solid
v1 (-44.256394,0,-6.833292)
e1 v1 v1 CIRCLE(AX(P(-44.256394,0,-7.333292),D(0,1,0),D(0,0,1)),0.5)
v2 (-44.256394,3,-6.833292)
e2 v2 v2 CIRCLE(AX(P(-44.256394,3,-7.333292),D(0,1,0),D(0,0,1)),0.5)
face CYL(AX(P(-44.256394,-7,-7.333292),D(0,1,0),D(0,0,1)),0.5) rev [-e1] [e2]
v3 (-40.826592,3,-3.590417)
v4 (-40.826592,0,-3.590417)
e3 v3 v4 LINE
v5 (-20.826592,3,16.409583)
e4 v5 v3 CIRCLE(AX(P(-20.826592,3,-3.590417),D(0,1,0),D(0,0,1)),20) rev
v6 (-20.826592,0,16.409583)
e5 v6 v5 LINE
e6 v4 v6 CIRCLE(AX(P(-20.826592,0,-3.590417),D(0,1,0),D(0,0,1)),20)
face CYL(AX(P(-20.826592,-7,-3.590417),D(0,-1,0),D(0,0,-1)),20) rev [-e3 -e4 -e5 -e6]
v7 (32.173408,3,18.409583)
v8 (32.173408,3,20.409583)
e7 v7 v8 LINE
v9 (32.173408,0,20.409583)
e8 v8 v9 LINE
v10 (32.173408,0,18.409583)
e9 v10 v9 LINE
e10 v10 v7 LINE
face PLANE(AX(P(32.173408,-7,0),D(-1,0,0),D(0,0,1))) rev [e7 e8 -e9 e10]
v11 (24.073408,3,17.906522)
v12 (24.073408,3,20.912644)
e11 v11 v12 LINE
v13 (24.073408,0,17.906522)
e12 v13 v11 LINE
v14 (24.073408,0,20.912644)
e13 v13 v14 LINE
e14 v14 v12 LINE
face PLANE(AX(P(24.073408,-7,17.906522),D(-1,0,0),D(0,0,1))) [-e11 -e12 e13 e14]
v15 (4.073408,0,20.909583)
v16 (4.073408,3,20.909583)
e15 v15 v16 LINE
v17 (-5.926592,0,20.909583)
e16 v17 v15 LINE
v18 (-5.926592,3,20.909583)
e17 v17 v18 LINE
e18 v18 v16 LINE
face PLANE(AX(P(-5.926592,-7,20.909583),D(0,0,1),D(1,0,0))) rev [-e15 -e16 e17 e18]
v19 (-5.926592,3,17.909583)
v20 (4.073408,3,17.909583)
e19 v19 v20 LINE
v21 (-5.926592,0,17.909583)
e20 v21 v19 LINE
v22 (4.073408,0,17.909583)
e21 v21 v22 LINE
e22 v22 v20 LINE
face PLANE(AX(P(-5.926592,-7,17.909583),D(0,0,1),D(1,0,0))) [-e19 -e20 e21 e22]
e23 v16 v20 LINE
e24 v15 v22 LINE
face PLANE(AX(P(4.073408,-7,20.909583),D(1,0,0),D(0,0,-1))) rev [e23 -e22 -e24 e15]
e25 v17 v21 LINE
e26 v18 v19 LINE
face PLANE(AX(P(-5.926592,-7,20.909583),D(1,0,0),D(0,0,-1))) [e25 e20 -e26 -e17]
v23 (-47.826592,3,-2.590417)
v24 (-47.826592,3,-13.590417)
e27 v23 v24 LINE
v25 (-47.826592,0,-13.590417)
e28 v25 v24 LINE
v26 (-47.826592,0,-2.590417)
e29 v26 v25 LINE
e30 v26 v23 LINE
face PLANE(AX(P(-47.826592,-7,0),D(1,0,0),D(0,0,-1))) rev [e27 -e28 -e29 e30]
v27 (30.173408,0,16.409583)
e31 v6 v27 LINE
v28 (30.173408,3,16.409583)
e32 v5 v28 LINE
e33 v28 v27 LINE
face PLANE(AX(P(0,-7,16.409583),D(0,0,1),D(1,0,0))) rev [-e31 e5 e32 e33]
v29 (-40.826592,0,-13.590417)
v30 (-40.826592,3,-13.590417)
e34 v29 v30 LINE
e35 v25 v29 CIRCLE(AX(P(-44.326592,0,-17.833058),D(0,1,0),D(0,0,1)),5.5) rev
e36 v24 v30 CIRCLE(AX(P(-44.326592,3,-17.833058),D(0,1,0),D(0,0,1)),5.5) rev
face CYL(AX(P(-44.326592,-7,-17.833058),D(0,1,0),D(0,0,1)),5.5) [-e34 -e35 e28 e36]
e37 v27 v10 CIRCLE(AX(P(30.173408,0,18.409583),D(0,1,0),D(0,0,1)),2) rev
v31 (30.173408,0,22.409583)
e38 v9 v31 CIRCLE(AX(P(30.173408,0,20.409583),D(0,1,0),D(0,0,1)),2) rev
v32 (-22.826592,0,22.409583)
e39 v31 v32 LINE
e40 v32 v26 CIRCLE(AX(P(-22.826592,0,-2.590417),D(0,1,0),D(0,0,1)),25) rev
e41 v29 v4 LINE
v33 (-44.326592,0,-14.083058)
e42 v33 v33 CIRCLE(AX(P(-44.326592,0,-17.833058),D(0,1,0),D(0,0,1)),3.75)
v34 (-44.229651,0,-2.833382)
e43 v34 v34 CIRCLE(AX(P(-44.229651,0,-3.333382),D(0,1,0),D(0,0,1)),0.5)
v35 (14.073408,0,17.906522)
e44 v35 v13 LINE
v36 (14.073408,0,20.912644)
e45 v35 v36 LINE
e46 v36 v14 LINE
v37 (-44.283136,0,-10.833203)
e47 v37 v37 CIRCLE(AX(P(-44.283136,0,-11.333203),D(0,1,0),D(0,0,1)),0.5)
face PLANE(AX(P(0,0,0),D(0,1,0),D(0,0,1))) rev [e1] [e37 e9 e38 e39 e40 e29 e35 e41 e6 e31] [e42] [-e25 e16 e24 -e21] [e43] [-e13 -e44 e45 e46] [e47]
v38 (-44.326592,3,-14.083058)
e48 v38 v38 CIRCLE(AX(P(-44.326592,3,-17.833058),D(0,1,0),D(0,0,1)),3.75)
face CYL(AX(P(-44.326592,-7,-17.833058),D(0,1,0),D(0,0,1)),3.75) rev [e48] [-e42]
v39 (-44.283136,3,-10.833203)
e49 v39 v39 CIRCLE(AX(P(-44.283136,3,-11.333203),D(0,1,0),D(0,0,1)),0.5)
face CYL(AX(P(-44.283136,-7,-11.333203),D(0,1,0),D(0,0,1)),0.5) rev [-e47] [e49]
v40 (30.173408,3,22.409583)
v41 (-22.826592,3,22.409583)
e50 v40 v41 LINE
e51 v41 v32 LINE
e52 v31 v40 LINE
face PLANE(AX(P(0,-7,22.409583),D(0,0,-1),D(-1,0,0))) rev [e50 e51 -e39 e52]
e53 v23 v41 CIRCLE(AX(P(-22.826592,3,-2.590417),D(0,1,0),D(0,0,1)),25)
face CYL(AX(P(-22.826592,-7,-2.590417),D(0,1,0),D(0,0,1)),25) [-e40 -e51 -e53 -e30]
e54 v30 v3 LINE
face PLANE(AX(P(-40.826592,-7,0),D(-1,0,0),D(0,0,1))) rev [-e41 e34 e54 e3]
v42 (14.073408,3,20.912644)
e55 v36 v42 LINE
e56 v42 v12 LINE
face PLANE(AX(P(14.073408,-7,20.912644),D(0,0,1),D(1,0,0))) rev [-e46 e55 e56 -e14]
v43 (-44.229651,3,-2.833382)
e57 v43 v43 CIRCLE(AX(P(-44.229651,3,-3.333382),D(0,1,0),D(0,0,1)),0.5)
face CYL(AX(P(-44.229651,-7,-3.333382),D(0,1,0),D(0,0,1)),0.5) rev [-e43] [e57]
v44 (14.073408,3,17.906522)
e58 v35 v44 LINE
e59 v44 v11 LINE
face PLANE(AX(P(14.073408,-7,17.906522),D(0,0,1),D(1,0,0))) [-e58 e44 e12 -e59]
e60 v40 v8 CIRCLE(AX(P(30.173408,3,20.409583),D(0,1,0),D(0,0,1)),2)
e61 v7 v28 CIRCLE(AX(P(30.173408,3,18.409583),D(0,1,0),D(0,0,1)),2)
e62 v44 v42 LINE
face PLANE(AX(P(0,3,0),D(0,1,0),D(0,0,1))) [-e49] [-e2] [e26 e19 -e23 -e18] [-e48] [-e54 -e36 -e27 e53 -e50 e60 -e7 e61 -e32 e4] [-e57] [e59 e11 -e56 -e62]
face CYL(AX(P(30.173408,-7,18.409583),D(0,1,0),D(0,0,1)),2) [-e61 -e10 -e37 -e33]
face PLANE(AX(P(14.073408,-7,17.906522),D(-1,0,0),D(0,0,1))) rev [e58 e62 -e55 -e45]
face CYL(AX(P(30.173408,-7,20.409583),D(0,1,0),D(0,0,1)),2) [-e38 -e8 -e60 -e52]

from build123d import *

# Parameters (mm, degrees)
SKETCH1_W           = 100
SKETCH1_H           = 50
BOSS_EXTRUDE1_DEPTH = 3
SKETCH3_W           = 100
SKETCH3_H           = 50
SKETCH3_W_2         = 10
SKETCH3_H_2         = 3.006122746
SKETCH3_H_3         = 3
CUT_EXTRUDE4_DEPTH  = 10
SKETCH4_R           = 1.798549791
CUT_EXTRUDE5_DEPTH  = 10
FILLET1_R           = 20
FILLET2_R           = 25
SKETCH7_R           = 0.5
SKETCH7_R_2         = 3.75
CUT_EXTRUDE7_DEPTH  = 10
FILLET3_R           = 2


with BuildPart() as part:
    # Sketch1 → Boss-Extrude1 (new body)
    with BuildSketch(Plane(origin=(0, 0, 0), x_dir=(1, 0, 0), z_dir=(0, 1, 0))):
        Rectangle(SKETCH1_W, SKETCH1_H)
    extrude(amount=BOSS_EXTRUDE1_DEPTH)

    # Sketch3 → Cut-Extrude4 (cut)
    # profile 1 of 3: a face of its own
    with BuildSketch(Plane(origin=(0, 3, 0), x_dir=(1, 0, 0), z_dir=(0, 1, 0))):
        Rectangle(SKETCH3_W, SKETCH3_H)
        with BuildLine():
            Line((-40.826592013, 13.59041697), (-40.826592013, -16.40958303))
            Line((-40.826592013, -16.40958303), (32.173407987, -16.40958303))
            Line((32.173407987, -16.40958303), (32.173407987, -22.40958303))
            Line((32.173407987, -22.40958303), (-47.826592013, -22.40958303))
            Line((-47.826592013, -22.40958303), (-47.826592013, 13.59041697))
            ThreePointArc((-47.826592013, 13.59041697), (-44.326592013, 23.333057657), (-40.826592013, 13.59041697))
        make_face(mode=Mode.SUBTRACT)
    # profile 2 of 3: a face of its own
    with BuildSketch(Plane(origin=(0, 3, 0), x_dir=(1, 0, 0), z_dir=(0, 1, 0))):
        with Locations((19.073407987, -19.40958303)):
            Rectangle(SKETCH3_W_2, SKETCH3_H_2)
    # profile 3 of 3: a face of its own
    with BuildSketch(Plane(origin=(0, 3, 0), x_dir=(1, 0, 0), z_dir=(0, 1, 0))):
        with Locations((-0.926592013, -19.40958303)):
            Rectangle(SKETCH3_W_2, SKETCH3_H_3)
    extrude(amount=-CUT_EXTRUDE4_DEPTH, mode=Mode.SUBTRACT)

    # Sketch4 → Cut-Extrude5 (cut)
    with BuildSketch(Plane(origin=(0, 3, 0), x_dir=(1, 0, 0), z_dir=(0, 1, 0))):
        with Locations(Location((-44.326592013, 17.833057657, 0), (0, 0, 270))):
            Circle(SKETCH4_R)
    extrude(amount=-CUT_EXTRUDE5_DEPTH, mode=Mode.SUBTRACT)

    # Fillet1
    fillet1_edges = [part.edges().sort_by_distance(p)[0] for p in [
        (-40.826592013, 1.5, 16.40958303),
    ]]
    fillet(fillet1_edges, radius=FILLET1_R)

    # Fillet2
    fillet2_edges = [part.edges().sort_by_distance(p)[0] for p in [
        (-47.826592013, 1.5, 22.40958303),
    ]]
    fillet(fillet2_edges, radius=FILLET2_R)

    # Sketch7 → Cut-Extrude7 (cut)
    with BuildSketch(Plane(origin=(0, 3, 0), x_dir=(1, 0, 0), z_dir=(0, 1, 0))):
        with Locations(Location((-44.283135858, 11.333202923, 0), (0, 0, 270))):
            Circle(SKETCH7_R)
        with Locations(Location((-44.256393609, 7.333292318, 0), (0, 0, 270))):
            Circle(SKETCH7_R)
        with Locations(Location((-44.22965136, 3.333381712, 0), (0, 0, 270))):
            Circle(SKETCH7_R)
        with Locations(Location((-44.326592013, 17.833057657, 0), (0, 0, 270))):
            Circle(SKETCH7_R_2)
    extrude(amount=-CUT_EXTRUDE7_DEPTH, mode=Mode.SUBTRACT)

    # Fillet3
    fillet3_edges = [part.edges().sort_by_distance(p)[0] for p in [
        (32.173407987, 1.5, 22.40958303),
        (32.173407987, 1.5, 16.40958303),
    ]]
    fillet(fillet3_edges, radius=FILLET3_R)


solid = part.part
